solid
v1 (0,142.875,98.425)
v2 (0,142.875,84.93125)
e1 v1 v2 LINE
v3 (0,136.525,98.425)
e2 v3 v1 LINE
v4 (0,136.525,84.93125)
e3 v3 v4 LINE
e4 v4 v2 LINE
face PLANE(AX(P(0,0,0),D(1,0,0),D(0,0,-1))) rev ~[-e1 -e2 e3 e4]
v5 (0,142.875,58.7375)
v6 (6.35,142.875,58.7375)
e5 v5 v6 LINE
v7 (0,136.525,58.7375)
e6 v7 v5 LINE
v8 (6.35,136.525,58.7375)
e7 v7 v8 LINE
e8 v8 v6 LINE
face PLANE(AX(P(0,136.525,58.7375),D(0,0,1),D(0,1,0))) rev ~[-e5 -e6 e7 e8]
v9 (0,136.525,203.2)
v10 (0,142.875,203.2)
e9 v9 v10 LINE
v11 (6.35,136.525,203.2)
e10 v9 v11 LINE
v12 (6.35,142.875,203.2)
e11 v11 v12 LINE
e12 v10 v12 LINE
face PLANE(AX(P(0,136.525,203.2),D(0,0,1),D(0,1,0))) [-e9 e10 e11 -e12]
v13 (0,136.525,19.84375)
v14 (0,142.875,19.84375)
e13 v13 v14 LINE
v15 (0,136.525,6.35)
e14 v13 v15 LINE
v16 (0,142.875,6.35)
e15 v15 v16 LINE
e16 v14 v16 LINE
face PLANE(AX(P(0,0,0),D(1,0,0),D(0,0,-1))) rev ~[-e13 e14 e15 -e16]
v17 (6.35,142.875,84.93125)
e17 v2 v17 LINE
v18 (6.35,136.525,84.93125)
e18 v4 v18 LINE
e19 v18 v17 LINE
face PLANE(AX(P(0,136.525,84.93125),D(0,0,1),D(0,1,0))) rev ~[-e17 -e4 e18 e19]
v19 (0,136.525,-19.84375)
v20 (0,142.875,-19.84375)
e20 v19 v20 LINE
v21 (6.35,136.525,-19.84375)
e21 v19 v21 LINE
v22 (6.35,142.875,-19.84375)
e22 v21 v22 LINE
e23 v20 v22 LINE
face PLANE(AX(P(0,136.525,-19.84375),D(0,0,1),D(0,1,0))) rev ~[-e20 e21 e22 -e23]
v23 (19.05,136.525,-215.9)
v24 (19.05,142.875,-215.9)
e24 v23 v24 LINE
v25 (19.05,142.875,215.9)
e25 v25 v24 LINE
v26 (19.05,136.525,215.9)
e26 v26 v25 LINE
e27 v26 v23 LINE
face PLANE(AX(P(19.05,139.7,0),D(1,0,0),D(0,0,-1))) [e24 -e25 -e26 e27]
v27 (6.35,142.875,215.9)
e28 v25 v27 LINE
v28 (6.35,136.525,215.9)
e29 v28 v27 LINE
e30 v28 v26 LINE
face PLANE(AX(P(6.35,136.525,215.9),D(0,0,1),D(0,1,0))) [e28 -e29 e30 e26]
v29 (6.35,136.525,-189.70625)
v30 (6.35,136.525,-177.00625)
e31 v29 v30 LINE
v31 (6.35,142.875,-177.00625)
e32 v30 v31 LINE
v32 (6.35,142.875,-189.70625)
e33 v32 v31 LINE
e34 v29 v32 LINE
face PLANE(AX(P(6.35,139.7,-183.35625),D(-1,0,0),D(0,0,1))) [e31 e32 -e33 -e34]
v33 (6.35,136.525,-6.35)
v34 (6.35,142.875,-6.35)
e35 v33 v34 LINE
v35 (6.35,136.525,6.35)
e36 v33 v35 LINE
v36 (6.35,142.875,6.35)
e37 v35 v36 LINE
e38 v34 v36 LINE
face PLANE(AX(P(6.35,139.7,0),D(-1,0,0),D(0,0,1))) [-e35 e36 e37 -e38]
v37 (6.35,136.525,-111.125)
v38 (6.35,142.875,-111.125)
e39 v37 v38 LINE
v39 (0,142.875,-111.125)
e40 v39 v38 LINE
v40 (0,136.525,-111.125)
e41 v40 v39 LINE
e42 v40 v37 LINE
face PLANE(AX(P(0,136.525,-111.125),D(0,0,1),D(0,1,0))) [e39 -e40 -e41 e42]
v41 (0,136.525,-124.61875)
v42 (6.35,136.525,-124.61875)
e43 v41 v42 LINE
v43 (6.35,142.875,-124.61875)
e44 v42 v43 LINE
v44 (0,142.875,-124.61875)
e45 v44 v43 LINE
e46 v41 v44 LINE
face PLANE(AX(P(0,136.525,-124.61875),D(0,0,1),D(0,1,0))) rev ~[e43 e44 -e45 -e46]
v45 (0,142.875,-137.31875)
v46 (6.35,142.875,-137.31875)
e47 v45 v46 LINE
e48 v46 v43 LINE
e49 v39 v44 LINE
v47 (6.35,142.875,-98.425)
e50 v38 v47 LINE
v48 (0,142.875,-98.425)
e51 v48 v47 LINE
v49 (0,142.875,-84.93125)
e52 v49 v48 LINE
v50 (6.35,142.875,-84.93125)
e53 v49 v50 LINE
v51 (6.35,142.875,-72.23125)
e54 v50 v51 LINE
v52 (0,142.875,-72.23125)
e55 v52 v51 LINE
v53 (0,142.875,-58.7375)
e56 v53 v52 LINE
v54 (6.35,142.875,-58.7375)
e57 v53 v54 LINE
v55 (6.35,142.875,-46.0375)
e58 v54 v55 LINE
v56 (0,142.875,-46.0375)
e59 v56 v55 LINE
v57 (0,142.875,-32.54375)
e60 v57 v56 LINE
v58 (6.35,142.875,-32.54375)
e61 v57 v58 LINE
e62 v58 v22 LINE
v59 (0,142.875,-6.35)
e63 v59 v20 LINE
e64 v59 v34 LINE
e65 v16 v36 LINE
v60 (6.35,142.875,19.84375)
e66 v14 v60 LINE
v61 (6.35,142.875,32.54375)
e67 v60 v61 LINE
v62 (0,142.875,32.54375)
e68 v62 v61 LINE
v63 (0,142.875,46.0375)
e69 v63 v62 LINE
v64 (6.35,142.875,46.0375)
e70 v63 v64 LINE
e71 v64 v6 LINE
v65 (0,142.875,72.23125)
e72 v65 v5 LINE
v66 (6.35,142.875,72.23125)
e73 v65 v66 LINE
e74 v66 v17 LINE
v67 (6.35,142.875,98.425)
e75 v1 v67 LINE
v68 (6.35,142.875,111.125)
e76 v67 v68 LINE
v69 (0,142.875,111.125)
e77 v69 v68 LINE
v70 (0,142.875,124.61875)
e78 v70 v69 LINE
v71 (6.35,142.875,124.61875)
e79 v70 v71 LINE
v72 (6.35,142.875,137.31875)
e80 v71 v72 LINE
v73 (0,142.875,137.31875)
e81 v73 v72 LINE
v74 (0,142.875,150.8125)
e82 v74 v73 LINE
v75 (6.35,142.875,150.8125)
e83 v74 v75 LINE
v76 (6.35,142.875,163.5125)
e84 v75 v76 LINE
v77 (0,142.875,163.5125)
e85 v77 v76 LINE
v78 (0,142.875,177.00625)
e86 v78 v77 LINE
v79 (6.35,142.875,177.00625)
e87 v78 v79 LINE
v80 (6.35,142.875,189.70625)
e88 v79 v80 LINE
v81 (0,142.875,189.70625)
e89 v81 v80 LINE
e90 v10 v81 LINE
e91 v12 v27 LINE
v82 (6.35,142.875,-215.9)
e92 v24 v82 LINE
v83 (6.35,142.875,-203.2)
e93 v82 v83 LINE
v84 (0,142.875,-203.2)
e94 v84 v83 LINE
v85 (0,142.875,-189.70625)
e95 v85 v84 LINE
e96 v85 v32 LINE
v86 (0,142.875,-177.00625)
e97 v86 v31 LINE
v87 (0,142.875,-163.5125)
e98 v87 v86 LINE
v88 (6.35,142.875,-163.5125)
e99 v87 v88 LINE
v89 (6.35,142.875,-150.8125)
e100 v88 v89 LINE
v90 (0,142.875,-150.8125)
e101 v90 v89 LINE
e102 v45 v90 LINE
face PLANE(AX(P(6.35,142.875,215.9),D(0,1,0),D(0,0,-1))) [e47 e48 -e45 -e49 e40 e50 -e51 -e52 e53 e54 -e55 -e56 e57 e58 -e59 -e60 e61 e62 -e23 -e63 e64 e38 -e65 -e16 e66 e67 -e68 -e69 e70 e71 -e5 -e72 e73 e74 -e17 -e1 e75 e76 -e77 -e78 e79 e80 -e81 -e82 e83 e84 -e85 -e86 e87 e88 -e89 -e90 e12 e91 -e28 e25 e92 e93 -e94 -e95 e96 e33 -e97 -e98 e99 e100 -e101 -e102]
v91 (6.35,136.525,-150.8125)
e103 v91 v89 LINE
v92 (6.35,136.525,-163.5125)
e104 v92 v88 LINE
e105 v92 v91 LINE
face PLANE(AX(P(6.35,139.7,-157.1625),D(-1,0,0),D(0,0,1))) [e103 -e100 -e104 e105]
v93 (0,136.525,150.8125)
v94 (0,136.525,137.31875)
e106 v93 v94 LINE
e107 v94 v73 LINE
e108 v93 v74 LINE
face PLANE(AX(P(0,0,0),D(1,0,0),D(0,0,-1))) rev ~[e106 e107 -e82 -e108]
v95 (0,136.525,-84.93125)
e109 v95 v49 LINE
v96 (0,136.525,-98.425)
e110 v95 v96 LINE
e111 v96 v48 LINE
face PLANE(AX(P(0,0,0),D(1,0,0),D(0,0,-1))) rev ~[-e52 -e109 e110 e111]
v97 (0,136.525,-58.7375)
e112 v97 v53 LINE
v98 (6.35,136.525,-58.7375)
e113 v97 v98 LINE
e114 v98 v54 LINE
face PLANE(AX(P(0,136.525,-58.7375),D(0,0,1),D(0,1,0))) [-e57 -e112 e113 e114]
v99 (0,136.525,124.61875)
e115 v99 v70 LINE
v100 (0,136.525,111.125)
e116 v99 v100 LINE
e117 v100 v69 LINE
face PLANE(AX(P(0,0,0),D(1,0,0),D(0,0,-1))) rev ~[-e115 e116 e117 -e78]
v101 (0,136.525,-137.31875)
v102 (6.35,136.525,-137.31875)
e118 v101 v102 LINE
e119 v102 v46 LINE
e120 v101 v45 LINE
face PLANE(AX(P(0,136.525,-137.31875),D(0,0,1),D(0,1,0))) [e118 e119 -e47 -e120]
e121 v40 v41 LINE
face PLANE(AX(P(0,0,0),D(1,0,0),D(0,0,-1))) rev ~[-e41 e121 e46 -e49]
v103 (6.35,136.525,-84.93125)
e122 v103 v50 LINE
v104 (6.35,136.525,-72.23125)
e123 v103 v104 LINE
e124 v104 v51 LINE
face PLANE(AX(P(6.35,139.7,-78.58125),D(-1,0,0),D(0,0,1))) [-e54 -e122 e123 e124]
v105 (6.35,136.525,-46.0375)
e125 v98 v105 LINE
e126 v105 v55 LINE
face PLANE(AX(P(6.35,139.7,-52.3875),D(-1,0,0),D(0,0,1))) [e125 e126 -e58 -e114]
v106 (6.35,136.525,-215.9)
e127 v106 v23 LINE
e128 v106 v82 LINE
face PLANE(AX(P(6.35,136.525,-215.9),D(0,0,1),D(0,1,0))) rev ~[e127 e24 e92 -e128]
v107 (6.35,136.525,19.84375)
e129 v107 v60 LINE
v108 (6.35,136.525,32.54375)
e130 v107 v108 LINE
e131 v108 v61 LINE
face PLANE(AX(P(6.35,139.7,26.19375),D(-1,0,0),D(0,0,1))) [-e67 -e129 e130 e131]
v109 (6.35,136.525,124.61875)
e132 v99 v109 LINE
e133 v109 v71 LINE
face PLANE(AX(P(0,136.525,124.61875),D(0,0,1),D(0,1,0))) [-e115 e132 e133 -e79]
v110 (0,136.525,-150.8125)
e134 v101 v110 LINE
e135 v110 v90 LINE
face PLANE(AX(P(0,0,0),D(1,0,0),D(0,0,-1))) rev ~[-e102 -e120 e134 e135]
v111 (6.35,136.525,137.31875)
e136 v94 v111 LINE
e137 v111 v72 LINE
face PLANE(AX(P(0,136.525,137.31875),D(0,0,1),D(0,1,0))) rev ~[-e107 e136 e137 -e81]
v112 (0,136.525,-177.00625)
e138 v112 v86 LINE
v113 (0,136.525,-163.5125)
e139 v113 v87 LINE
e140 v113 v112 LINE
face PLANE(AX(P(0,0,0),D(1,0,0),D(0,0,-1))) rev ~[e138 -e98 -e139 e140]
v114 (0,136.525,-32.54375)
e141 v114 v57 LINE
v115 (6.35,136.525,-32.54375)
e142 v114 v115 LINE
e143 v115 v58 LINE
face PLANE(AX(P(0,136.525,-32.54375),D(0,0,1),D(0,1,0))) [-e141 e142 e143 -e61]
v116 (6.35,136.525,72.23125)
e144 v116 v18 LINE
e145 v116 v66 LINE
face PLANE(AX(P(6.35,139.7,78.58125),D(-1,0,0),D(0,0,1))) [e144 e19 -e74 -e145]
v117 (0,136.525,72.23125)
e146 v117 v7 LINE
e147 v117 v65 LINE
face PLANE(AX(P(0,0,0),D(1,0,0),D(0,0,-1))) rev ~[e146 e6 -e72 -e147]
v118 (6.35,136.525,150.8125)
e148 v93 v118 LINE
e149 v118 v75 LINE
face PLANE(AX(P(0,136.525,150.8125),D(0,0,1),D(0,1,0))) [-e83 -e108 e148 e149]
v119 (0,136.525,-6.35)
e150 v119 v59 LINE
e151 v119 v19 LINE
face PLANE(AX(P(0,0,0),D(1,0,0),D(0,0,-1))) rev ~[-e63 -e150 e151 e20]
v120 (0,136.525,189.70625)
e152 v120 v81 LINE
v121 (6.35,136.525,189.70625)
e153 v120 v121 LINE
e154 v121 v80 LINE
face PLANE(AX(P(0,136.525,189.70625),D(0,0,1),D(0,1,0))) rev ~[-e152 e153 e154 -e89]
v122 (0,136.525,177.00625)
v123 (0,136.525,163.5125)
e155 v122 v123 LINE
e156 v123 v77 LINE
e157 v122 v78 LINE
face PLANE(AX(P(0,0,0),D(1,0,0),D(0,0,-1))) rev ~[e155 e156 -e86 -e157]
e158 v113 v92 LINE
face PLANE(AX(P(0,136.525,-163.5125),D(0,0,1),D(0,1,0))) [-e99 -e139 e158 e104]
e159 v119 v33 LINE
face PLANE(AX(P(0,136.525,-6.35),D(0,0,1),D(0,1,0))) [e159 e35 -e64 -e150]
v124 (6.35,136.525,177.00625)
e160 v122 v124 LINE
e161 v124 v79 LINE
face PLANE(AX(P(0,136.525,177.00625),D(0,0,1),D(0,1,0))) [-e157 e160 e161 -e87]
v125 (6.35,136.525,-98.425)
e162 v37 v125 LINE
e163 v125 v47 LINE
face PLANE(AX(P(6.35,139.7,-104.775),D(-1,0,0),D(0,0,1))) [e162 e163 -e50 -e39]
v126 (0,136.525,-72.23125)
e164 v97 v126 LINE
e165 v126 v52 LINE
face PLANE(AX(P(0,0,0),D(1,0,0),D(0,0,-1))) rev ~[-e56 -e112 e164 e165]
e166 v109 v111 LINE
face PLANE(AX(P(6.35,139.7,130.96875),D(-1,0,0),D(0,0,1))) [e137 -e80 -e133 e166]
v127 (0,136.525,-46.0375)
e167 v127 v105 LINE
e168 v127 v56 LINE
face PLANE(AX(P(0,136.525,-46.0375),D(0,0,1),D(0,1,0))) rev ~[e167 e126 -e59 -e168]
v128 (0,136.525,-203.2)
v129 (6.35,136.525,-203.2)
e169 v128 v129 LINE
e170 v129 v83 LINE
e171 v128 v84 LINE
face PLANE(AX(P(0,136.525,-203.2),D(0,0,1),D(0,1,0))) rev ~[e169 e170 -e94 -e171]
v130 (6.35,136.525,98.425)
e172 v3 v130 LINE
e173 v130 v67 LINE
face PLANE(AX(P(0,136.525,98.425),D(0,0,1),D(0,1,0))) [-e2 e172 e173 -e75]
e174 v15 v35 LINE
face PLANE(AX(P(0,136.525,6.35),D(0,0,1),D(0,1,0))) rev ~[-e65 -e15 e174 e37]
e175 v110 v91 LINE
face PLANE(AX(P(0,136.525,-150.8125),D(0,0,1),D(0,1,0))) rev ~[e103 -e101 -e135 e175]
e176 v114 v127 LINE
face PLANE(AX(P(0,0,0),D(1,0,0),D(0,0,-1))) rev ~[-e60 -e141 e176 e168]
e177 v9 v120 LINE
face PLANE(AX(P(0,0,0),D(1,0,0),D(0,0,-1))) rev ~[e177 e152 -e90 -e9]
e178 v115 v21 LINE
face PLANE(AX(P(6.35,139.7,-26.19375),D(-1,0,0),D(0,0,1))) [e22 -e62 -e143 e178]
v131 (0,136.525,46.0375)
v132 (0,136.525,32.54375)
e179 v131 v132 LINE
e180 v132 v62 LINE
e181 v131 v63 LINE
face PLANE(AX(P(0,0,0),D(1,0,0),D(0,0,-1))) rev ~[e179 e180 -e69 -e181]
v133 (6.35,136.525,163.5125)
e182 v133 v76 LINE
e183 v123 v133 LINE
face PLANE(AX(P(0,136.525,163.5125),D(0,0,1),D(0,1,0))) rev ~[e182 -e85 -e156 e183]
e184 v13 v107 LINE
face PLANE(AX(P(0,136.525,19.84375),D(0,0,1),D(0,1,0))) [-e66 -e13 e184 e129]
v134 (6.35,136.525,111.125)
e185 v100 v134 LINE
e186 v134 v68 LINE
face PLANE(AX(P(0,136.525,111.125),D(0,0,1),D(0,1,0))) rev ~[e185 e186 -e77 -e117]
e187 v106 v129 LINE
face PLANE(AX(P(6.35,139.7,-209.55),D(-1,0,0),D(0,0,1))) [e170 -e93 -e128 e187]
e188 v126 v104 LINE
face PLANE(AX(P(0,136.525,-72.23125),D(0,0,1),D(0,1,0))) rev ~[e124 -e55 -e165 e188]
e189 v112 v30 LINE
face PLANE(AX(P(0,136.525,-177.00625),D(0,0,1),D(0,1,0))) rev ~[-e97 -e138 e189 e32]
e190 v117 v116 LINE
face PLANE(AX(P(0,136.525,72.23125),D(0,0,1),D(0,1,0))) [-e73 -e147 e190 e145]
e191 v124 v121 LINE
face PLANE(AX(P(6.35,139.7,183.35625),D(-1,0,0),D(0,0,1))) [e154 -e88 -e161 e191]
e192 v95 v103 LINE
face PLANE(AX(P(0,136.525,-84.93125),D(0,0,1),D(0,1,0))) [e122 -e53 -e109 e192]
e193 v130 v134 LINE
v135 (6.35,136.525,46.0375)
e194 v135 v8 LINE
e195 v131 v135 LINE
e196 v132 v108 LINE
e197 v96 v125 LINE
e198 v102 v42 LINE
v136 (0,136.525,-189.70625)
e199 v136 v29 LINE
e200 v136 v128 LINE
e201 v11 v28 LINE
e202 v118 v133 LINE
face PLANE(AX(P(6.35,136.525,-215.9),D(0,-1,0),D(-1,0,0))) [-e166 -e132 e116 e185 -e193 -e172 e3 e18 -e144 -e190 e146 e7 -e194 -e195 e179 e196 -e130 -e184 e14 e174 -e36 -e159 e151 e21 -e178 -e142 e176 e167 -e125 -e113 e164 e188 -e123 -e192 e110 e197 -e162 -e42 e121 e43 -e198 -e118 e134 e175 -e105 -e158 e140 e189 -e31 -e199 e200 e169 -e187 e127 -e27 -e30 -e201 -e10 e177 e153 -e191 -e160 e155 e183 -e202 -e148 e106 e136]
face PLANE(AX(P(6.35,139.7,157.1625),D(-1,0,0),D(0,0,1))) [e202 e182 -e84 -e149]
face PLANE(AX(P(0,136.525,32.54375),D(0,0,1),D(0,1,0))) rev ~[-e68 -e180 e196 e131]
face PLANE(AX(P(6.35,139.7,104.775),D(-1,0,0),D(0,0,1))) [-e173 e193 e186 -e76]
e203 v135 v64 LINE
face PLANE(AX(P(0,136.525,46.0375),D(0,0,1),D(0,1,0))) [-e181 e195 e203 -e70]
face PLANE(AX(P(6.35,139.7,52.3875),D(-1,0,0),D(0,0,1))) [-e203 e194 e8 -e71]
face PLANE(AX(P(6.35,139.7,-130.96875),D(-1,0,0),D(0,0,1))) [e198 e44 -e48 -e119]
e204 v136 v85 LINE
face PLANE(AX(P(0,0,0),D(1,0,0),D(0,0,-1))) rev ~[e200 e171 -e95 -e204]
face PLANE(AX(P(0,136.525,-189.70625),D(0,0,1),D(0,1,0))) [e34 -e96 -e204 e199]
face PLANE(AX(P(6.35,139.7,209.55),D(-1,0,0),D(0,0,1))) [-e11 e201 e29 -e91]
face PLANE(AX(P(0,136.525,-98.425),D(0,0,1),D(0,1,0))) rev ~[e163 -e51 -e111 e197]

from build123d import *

# Parameters (mm, degrees)
SKETCH1_W           = 431.8
SKETCH1_H           = 285.75
BOSS_EXTRUDE1_DEPTH = 6.35
SKETCH2_W           = 431.8
SKETCH2_H           = 6.35
BOSS_EXTRUDE2_DEPTH = 12.7
CUT_EXTRUDE1_DEPTH  = 20.05
SKETCH5_W           = 33.462355894
SKETCH5_H           = 294.779483051
CUT_EXTRUDE2_DEPTH  = 432.8
SKETCH4_W           = 12.7
SKETCH4_H           = 6.35
CUT_EXTRUDE3_DEPTH  = 6.35


with BuildPart() as part:
    # Sketch1 → Boss-Extrude1 (new body)
    with BuildSketch(Plane(origin=(0, 0, 0), x_dir=(0, 0, -1), z_dir=(1, 0, 0))):
        Rectangle(SKETCH1_W, SKETCH1_H)
    extrude(amount=BOSS_EXTRUDE1_DEPTH)

    # Sketch2 → Boss-Extrude2 (add)
    with BuildSketch(Plane(origin=(6.35, 0, 0), x_dir=(0, 0, -1), z_dir=(1, 0, 0))):
        with Locations((0, 139.7)):
            Rectangle(SKETCH2_W, SKETCH2_H)
    extrude(amount=BOSS_EXTRUDE2_DEPTH)

    # Sketch3 → Cut-Extrude1 (cut, through all)
    with BuildSketch(Plane.ZY):
        with BuildLine():
            Line((-190.5, -85.725), (0, -85.725))
            ThreePointArc((0, -85.725), (12.7, -98.425), (0, -111.125))
            Line((0, -111.125), (-190.5, -111.125))
            ThreePointArc((-190.5, -111.125), (-203.2, -98.425), (-190.5, -85.725))
        make_face()
    extrude(amount=-CUT_EXTRUDE1_DEPTH, mode=Mode.SUBTRACT)

    # Sketch5 → Cut-Extrude2 (cut, through all)
    with BuildSketch(Plane(origin=(0, 0, -215.9), x_dir=(-1, 0, 0), z_dir=(0, 0, -1))):
        with Locations((10.381177947, -10.864741526)):
            Rectangle(SKETCH5_W, SKETCH5_H)
    extrude(amount=-CUT_EXTRUDE2_DEPTH, mode=Mode.SUBTRACT)

    # Sketch4 → Cut-Extrude3 (cut)
    with BuildSketch(Plane.ZY):
        with Locations((-183.35625, 139.7)):
            Rectangle(SKETCH4_W, SKETCH4_H)
        with Locations((-209.55, 139.7)):
            Rectangle(SKETCH4_W, SKETCH4_H)
        with Locations((-157.1625, 139.7)):
            Rectangle(SKETCH4_W, SKETCH4_H)
        with Locations((-130.96875, 139.7)):
            Rectangle(SKETCH4_W, SKETCH4_H)
        with Locations((-104.775, 139.7)):
            Rectangle(SKETCH4_W, SKETCH4_H)
        with Locations((-78.58125, 139.7)):
            Rectangle(SKETCH4_W, SKETCH4_H)
        with Locations((-52.3875, 139.7)):
            Rectangle(SKETCH4_W, SKETCH4_H)
        with Locations((-26.19375, 139.7)):
            Rectangle(SKETCH4_W, SKETCH4_H)
        with Locations((0, 139.7)):
            Rectangle(SKETCH4_W, SKETCH4_H)
        with Locations((26.19375, 139.7)):
            Rectangle(SKETCH4_W, SKETCH4_H)
        with Locations((52.3875, 139.7)):
            Rectangle(SKETCH4_W, SKETCH4_H)
        with Locations((78.58125, 139.7)):
            Rectangle(SKETCH4_W, SKETCH4_H)
        with Locations((104.775, 139.7)):
            Rectangle(SKETCH4_W, SKETCH4_H)
        with Locations((130.96875, 139.7)):
            Rectangle(SKETCH4_W, SKETCH4_H)
        with Locations((157.1625, 139.7)):
            Rectangle(SKETCH4_W, SKETCH4_H)
        with Locations((183.35625, 139.7)):
            Rectangle(SKETCH4_W, SKETCH4_H)
        with Locations((209.55, 139.7)):
            Rectangle(SKETCH4_W, SKETCH4_H)
    extrude(amount=-CUT_EXTRUDE3_DEPTH, mode=Mode.SUBTRACT)


solid = part.part
